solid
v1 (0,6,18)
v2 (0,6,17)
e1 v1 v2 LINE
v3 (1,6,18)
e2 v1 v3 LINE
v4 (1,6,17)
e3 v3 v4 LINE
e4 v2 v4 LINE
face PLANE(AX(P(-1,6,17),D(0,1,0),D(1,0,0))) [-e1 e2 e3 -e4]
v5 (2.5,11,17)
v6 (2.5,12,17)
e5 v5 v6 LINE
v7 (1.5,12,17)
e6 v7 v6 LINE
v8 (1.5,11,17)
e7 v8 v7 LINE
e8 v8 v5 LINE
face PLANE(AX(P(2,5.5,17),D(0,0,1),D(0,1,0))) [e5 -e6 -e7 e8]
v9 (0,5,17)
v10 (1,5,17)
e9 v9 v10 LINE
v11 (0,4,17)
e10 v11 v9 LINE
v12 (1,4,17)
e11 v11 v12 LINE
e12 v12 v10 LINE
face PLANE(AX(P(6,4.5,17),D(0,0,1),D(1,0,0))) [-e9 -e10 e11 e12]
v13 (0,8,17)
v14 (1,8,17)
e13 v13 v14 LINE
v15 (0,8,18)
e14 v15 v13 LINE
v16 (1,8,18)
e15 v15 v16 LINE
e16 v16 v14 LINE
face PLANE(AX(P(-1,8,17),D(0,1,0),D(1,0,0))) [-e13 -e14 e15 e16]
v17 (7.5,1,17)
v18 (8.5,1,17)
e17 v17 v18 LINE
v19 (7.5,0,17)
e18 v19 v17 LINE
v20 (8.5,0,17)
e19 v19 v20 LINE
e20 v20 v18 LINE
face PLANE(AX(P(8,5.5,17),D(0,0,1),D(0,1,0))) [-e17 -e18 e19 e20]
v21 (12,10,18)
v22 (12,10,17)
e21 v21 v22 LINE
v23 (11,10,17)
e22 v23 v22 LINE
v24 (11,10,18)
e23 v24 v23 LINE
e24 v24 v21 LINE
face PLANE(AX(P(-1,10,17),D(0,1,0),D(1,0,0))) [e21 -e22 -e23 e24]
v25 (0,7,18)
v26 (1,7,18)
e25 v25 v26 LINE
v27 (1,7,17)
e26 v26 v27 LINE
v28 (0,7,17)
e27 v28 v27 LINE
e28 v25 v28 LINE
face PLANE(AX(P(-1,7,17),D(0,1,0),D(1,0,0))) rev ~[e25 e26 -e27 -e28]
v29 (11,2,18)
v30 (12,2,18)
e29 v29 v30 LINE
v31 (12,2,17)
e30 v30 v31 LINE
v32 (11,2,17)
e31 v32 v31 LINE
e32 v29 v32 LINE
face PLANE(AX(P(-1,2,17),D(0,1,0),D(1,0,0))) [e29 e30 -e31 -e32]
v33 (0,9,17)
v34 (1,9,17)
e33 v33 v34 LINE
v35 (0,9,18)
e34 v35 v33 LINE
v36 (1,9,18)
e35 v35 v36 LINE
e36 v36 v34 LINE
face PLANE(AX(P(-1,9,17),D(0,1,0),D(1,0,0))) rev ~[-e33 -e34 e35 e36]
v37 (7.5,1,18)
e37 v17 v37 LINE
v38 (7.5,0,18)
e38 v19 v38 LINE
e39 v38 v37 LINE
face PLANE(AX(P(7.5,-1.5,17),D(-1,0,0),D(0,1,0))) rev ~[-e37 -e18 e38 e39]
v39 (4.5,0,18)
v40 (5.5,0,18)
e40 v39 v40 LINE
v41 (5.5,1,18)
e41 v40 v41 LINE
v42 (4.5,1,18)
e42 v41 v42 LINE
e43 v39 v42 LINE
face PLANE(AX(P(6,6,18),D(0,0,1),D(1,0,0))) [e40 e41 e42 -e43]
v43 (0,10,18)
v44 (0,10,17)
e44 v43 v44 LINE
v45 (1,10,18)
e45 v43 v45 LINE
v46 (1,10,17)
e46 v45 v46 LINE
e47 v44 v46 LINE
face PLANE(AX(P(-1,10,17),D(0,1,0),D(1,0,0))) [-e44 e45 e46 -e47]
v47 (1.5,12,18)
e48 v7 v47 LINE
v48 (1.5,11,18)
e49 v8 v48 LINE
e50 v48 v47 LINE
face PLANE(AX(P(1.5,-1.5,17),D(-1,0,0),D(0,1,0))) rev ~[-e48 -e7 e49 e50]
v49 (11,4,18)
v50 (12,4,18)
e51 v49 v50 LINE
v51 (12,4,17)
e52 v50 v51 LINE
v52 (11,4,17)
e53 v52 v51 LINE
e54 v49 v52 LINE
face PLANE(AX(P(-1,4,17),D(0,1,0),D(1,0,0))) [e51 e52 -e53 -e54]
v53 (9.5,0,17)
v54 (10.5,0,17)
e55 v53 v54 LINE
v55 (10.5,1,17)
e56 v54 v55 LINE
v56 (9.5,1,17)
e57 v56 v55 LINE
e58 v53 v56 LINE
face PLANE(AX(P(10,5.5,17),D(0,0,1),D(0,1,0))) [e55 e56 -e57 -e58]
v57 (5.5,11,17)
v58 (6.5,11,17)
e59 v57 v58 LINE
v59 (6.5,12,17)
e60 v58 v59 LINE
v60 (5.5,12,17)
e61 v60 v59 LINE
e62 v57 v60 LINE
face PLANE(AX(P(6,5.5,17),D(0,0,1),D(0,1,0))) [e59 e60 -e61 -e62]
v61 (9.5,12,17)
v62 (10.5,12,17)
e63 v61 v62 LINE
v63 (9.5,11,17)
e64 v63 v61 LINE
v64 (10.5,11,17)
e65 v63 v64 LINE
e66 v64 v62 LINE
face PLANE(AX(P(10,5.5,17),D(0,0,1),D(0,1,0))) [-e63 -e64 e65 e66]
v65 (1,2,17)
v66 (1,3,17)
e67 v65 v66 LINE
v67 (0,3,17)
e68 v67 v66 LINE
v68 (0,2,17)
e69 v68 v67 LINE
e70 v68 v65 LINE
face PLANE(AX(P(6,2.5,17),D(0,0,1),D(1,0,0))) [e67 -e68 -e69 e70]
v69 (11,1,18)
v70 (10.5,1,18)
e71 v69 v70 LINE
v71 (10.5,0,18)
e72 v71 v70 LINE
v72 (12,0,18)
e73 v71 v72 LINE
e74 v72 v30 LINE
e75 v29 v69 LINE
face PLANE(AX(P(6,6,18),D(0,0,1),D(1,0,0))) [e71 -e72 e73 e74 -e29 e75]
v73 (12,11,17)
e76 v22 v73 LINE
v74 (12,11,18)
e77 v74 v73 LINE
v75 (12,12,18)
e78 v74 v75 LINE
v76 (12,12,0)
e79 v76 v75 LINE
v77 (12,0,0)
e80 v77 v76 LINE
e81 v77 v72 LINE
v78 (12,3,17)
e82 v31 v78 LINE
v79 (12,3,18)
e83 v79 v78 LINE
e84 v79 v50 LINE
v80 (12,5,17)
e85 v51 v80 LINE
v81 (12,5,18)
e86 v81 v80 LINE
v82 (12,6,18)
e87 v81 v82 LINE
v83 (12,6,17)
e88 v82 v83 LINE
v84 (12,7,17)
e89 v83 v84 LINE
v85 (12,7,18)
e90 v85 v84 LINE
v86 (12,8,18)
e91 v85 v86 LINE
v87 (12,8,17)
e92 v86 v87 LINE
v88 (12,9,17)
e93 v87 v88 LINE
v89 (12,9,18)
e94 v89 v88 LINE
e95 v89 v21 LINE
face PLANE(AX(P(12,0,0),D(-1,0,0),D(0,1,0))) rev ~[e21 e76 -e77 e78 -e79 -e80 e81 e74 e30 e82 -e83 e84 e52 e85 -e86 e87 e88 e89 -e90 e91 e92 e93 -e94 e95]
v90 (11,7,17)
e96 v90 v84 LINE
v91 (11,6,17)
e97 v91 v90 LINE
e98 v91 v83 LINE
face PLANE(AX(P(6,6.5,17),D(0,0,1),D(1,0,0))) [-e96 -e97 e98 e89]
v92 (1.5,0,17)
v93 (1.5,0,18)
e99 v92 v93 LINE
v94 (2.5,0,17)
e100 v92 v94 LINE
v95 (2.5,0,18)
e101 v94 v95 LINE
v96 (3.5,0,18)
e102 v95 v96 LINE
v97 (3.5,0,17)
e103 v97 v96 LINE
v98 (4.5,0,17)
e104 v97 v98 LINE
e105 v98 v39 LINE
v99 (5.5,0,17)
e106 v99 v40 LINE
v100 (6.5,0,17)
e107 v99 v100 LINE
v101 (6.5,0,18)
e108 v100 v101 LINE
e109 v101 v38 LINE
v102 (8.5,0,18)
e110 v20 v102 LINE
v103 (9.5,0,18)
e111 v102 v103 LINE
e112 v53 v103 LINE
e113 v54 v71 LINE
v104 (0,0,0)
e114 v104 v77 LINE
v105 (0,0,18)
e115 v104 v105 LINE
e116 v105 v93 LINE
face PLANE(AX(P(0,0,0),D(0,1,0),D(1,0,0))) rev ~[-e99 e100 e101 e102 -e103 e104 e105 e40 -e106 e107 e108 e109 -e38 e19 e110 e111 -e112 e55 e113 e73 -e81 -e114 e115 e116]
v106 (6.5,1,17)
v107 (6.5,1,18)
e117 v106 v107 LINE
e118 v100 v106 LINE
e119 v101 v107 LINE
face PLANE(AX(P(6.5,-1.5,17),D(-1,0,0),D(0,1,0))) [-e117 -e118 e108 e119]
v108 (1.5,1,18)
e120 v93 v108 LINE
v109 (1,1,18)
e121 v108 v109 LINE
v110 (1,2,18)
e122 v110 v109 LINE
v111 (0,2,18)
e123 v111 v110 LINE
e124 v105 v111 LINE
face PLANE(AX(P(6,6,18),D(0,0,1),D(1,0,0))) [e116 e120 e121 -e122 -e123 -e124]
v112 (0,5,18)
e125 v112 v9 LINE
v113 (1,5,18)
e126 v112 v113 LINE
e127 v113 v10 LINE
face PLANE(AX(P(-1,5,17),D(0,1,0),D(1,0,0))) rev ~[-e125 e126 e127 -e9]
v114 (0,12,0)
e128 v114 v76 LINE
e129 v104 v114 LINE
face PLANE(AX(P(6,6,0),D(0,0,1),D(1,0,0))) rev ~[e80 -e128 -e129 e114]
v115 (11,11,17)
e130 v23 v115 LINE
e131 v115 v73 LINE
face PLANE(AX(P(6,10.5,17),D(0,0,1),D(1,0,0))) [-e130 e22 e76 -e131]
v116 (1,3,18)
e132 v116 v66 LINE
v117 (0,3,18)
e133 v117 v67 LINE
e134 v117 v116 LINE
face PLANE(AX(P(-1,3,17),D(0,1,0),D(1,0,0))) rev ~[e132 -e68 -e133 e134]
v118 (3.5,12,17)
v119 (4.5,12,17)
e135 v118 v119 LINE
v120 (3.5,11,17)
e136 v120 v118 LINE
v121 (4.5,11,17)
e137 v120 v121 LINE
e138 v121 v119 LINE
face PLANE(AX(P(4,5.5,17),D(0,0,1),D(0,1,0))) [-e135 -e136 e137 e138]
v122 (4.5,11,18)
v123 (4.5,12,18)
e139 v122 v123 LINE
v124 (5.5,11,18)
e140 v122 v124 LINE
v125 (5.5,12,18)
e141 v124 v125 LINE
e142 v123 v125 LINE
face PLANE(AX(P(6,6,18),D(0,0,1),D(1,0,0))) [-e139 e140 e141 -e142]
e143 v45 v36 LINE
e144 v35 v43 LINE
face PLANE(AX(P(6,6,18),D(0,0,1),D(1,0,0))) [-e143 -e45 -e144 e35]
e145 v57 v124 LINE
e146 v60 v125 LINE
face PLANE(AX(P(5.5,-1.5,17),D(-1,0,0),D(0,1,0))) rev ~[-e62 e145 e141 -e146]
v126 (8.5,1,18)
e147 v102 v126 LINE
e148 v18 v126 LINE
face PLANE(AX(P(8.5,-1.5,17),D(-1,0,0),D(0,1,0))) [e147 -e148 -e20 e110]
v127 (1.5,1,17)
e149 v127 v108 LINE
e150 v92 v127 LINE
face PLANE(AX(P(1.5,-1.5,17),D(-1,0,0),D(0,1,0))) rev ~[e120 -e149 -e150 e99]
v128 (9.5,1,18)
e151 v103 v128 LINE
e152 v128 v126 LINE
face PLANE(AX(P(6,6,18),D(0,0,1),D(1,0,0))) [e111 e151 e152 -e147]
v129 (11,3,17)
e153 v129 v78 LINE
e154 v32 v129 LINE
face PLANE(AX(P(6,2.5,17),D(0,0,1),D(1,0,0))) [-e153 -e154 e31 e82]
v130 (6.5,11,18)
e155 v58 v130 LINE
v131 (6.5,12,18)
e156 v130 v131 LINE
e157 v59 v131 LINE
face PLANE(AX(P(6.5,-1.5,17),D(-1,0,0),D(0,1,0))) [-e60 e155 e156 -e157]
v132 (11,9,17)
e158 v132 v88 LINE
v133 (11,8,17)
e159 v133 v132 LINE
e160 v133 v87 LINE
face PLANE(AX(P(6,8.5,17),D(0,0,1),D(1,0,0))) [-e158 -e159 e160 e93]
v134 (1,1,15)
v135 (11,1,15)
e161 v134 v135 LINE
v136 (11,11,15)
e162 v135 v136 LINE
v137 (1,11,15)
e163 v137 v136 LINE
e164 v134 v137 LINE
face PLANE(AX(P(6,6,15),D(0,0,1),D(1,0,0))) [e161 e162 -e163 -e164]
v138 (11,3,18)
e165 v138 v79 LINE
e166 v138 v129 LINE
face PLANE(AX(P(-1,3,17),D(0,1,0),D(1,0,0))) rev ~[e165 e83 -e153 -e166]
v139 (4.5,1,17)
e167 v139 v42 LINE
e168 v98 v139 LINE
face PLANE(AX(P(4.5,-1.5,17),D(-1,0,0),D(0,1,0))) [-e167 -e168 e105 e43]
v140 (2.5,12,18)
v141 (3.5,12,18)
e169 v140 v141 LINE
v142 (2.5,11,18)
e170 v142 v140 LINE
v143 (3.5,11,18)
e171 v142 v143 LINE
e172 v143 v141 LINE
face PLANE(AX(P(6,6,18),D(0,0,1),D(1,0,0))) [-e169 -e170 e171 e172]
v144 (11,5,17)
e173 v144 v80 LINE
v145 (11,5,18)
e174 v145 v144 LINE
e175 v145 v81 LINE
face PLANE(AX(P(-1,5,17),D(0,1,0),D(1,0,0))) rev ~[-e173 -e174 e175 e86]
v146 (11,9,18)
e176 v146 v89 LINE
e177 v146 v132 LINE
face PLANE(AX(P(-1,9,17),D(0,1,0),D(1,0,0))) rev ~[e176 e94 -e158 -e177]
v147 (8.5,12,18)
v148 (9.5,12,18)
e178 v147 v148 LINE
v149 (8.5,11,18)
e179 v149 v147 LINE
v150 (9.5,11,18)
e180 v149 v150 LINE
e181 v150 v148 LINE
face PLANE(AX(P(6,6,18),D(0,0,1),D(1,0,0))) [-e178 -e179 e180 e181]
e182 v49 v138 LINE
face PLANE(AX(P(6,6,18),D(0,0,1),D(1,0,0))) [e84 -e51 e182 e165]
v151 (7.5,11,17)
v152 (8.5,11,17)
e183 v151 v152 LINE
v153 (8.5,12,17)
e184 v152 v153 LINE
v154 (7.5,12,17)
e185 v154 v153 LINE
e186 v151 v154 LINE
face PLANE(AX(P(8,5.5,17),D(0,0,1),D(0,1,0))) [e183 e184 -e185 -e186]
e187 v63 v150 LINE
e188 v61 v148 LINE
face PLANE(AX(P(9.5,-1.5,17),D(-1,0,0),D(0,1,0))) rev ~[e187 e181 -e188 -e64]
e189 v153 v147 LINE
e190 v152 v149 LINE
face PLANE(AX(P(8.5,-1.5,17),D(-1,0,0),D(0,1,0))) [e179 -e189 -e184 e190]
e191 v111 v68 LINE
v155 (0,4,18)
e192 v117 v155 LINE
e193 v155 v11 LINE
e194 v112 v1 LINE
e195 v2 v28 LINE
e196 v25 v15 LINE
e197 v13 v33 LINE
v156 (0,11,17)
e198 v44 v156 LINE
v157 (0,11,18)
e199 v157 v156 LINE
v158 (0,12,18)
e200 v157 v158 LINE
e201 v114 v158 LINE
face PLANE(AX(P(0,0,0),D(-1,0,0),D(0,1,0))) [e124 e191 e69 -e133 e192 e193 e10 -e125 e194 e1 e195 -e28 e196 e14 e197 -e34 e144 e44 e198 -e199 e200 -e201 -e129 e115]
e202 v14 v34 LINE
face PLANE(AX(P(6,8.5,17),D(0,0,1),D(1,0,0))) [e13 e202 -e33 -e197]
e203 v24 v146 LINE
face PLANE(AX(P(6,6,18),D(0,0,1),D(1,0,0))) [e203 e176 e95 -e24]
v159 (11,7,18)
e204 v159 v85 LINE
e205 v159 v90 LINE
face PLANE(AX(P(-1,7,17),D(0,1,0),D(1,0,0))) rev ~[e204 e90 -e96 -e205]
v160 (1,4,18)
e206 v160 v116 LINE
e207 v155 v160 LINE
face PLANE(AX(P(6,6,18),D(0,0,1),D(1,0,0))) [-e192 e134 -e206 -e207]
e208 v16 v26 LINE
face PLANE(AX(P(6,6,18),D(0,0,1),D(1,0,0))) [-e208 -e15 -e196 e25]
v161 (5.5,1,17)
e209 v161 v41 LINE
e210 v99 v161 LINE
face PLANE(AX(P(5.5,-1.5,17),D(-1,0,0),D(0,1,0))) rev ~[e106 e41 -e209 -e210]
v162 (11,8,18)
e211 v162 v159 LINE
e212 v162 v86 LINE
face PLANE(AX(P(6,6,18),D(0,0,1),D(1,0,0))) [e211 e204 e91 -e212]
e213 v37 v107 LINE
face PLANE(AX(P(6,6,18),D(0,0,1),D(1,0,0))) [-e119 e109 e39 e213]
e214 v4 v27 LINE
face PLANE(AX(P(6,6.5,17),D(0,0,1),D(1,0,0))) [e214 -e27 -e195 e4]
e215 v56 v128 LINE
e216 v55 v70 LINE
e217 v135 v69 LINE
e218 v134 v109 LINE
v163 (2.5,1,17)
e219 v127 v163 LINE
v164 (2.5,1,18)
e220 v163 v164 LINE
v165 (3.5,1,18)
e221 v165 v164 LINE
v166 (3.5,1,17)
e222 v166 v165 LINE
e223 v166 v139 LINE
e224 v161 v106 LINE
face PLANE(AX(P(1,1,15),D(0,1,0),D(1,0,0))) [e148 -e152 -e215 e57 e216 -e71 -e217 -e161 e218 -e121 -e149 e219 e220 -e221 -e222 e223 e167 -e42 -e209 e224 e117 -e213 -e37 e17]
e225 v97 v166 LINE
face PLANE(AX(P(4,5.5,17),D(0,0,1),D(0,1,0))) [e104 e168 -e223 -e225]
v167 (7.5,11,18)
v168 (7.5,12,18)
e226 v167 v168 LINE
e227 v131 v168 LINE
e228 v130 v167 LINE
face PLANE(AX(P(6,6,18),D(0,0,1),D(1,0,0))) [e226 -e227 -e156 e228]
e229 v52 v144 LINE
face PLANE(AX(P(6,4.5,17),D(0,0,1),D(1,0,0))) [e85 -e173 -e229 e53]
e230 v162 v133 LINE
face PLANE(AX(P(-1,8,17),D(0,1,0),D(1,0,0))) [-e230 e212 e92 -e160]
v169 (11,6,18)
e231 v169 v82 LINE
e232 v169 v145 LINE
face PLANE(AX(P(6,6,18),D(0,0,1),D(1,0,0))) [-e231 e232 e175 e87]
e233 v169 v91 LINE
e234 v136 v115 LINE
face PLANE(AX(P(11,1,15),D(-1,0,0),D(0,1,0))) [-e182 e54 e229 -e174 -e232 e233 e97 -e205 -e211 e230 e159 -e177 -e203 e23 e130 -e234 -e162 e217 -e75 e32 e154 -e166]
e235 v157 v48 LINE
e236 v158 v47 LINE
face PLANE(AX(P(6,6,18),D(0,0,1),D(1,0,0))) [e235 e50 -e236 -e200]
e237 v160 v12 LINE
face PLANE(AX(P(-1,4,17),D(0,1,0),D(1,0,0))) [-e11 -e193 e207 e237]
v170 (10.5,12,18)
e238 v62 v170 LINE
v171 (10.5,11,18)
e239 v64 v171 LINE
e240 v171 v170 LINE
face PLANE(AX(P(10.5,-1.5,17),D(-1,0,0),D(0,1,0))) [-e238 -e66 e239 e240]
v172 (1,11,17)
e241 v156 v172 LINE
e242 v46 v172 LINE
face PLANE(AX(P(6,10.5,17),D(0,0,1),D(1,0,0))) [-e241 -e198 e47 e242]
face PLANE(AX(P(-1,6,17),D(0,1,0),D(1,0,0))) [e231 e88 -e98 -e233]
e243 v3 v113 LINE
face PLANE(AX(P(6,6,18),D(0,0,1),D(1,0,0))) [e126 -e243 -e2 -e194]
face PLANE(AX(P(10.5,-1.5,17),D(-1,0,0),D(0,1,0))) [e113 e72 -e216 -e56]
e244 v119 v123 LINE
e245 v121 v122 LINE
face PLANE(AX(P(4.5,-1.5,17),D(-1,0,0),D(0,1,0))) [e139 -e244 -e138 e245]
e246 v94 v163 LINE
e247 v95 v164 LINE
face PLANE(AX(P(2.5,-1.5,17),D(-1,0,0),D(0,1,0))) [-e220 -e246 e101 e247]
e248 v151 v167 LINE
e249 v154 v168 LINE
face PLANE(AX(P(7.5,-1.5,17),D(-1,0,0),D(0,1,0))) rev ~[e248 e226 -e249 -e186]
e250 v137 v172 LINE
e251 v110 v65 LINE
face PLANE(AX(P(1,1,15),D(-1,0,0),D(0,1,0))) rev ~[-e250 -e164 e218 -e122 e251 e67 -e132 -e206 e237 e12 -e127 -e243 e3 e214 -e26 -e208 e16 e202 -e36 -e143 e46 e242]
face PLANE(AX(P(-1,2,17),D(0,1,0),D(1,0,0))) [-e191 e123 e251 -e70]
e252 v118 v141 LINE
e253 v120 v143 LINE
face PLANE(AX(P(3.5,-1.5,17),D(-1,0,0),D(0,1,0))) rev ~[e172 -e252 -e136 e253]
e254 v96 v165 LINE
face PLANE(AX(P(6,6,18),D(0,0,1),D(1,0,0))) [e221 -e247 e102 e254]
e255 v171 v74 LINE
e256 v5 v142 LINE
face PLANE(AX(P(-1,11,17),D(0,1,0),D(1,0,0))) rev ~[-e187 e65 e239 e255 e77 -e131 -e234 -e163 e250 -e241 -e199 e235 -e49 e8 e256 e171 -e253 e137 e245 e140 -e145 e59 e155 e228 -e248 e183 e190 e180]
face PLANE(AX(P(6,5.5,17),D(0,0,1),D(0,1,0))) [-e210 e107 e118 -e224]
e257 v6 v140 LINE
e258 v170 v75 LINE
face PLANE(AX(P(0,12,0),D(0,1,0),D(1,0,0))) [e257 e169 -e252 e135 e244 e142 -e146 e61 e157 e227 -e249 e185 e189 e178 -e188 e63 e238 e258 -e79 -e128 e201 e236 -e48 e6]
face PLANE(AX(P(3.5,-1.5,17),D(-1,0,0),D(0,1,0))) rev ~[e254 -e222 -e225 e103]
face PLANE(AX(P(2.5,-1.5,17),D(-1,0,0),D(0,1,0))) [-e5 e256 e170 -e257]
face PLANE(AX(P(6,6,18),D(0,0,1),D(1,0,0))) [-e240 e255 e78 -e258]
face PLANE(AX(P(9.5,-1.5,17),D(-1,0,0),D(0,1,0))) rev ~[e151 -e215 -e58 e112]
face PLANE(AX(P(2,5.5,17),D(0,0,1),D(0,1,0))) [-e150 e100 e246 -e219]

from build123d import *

# Parameters (mm, degrees)
BOX003_W                 = 14
BOX003_H                 = 1
BOX003_DEPTH             = 1
ARRAY001_Y_COUNT         = 5
ARRAY001_Y_PITCH         = 2
ARRAY001_PLACEMENT_ANGLE = 90
BOX002_W                 = 14
BOX002_H                 = 1
BOX002_DEPTH             = 1
ARRAY_Y_COUNT            = 5
ARRAY_Y_PITCH            = 2
BOX001_W                 = 10
BOX001_H                 = 10
BOX001_DEPTH             = 8
BOX_W                    = 12
BOX_H                    = 12
BOX_DEPTH                = 18


with BuildPart() as array001:
    # Box003 → Box003 (new body)
    with BuildSketch(Plane.XY):
        with Locations((7, 0.5)):
            Rectangle(BOX003_W, BOX003_H)
    extrude(amount=BOX003_DEPTH)

    # Array001 Y: Array001 ×5


with BuildPart() as array001_1:
    add(array001.part)
    with Locations(*[(0, i * ARRAY001_Y_PITCH, 0) for i in range(1, ARRAY001_Y_COUNT)]):
        add(array001.part)


with BuildPart() as array001_2:
    # Array001 placement: moved
    add(array001_1.part.moved(Location((10.5, -1.5, 17))).rotate(Axis((10.5, -1.5, 17), (0, 0, 1)), ARRAY001_PLACEMENT_ANGLE))


with BuildPart() as array:
    # Box002 → Box002 (new body)
    with BuildSketch(Plane.XY):
        with Locations((7, 0.5)):
            Rectangle(BOX002_W, BOX002_H)
    extrude(amount=BOX002_DEPTH)

    # Array Y: Array ×5


with BuildPart() as array_1:
    add(array.part)
    with Locations(*[(0, i * ARRAY_Y_PITCH, 0) for i in range(1, ARRAY_Y_COUNT)]):
        add(array.part)


with BuildPart() as array_2:
    # Array placement: moved
    add(array_1.part.moved(Location((-1, 2, 17))))


with BuildPart() as cub001:
    # Box001 → Box001 (new body)
    with BuildSketch(Plane(origin=(1, 1, 15), x_dir=(1, 0, 0), z_dir=(0, 0, 1))):
        with Locations((5, 5)):
            Rectangle(BOX001_W, BOX001_H)
    extrude(amount=BOX001_DEPTH)


with BuildPart() as cut002:
    # Box → Box (new body)
    with BuildSketch(Plane.XY):
        with Locations((6, 6)):
            Rectangle(BOX_W, BOX_H)
    extrude(amount=BOX_DEPTH)

    # Cut: cut Cub001
    add(cub001.part, mode=Mode.SUBTRACT)

    # Cut001: cut Array
    add(array_2.part, mode=Mode.SUBTRACT)

    # Cut002: cut Array001
    add(array001_2.part, mode=Mode.SUBTRACT)


solid = cut002.part
